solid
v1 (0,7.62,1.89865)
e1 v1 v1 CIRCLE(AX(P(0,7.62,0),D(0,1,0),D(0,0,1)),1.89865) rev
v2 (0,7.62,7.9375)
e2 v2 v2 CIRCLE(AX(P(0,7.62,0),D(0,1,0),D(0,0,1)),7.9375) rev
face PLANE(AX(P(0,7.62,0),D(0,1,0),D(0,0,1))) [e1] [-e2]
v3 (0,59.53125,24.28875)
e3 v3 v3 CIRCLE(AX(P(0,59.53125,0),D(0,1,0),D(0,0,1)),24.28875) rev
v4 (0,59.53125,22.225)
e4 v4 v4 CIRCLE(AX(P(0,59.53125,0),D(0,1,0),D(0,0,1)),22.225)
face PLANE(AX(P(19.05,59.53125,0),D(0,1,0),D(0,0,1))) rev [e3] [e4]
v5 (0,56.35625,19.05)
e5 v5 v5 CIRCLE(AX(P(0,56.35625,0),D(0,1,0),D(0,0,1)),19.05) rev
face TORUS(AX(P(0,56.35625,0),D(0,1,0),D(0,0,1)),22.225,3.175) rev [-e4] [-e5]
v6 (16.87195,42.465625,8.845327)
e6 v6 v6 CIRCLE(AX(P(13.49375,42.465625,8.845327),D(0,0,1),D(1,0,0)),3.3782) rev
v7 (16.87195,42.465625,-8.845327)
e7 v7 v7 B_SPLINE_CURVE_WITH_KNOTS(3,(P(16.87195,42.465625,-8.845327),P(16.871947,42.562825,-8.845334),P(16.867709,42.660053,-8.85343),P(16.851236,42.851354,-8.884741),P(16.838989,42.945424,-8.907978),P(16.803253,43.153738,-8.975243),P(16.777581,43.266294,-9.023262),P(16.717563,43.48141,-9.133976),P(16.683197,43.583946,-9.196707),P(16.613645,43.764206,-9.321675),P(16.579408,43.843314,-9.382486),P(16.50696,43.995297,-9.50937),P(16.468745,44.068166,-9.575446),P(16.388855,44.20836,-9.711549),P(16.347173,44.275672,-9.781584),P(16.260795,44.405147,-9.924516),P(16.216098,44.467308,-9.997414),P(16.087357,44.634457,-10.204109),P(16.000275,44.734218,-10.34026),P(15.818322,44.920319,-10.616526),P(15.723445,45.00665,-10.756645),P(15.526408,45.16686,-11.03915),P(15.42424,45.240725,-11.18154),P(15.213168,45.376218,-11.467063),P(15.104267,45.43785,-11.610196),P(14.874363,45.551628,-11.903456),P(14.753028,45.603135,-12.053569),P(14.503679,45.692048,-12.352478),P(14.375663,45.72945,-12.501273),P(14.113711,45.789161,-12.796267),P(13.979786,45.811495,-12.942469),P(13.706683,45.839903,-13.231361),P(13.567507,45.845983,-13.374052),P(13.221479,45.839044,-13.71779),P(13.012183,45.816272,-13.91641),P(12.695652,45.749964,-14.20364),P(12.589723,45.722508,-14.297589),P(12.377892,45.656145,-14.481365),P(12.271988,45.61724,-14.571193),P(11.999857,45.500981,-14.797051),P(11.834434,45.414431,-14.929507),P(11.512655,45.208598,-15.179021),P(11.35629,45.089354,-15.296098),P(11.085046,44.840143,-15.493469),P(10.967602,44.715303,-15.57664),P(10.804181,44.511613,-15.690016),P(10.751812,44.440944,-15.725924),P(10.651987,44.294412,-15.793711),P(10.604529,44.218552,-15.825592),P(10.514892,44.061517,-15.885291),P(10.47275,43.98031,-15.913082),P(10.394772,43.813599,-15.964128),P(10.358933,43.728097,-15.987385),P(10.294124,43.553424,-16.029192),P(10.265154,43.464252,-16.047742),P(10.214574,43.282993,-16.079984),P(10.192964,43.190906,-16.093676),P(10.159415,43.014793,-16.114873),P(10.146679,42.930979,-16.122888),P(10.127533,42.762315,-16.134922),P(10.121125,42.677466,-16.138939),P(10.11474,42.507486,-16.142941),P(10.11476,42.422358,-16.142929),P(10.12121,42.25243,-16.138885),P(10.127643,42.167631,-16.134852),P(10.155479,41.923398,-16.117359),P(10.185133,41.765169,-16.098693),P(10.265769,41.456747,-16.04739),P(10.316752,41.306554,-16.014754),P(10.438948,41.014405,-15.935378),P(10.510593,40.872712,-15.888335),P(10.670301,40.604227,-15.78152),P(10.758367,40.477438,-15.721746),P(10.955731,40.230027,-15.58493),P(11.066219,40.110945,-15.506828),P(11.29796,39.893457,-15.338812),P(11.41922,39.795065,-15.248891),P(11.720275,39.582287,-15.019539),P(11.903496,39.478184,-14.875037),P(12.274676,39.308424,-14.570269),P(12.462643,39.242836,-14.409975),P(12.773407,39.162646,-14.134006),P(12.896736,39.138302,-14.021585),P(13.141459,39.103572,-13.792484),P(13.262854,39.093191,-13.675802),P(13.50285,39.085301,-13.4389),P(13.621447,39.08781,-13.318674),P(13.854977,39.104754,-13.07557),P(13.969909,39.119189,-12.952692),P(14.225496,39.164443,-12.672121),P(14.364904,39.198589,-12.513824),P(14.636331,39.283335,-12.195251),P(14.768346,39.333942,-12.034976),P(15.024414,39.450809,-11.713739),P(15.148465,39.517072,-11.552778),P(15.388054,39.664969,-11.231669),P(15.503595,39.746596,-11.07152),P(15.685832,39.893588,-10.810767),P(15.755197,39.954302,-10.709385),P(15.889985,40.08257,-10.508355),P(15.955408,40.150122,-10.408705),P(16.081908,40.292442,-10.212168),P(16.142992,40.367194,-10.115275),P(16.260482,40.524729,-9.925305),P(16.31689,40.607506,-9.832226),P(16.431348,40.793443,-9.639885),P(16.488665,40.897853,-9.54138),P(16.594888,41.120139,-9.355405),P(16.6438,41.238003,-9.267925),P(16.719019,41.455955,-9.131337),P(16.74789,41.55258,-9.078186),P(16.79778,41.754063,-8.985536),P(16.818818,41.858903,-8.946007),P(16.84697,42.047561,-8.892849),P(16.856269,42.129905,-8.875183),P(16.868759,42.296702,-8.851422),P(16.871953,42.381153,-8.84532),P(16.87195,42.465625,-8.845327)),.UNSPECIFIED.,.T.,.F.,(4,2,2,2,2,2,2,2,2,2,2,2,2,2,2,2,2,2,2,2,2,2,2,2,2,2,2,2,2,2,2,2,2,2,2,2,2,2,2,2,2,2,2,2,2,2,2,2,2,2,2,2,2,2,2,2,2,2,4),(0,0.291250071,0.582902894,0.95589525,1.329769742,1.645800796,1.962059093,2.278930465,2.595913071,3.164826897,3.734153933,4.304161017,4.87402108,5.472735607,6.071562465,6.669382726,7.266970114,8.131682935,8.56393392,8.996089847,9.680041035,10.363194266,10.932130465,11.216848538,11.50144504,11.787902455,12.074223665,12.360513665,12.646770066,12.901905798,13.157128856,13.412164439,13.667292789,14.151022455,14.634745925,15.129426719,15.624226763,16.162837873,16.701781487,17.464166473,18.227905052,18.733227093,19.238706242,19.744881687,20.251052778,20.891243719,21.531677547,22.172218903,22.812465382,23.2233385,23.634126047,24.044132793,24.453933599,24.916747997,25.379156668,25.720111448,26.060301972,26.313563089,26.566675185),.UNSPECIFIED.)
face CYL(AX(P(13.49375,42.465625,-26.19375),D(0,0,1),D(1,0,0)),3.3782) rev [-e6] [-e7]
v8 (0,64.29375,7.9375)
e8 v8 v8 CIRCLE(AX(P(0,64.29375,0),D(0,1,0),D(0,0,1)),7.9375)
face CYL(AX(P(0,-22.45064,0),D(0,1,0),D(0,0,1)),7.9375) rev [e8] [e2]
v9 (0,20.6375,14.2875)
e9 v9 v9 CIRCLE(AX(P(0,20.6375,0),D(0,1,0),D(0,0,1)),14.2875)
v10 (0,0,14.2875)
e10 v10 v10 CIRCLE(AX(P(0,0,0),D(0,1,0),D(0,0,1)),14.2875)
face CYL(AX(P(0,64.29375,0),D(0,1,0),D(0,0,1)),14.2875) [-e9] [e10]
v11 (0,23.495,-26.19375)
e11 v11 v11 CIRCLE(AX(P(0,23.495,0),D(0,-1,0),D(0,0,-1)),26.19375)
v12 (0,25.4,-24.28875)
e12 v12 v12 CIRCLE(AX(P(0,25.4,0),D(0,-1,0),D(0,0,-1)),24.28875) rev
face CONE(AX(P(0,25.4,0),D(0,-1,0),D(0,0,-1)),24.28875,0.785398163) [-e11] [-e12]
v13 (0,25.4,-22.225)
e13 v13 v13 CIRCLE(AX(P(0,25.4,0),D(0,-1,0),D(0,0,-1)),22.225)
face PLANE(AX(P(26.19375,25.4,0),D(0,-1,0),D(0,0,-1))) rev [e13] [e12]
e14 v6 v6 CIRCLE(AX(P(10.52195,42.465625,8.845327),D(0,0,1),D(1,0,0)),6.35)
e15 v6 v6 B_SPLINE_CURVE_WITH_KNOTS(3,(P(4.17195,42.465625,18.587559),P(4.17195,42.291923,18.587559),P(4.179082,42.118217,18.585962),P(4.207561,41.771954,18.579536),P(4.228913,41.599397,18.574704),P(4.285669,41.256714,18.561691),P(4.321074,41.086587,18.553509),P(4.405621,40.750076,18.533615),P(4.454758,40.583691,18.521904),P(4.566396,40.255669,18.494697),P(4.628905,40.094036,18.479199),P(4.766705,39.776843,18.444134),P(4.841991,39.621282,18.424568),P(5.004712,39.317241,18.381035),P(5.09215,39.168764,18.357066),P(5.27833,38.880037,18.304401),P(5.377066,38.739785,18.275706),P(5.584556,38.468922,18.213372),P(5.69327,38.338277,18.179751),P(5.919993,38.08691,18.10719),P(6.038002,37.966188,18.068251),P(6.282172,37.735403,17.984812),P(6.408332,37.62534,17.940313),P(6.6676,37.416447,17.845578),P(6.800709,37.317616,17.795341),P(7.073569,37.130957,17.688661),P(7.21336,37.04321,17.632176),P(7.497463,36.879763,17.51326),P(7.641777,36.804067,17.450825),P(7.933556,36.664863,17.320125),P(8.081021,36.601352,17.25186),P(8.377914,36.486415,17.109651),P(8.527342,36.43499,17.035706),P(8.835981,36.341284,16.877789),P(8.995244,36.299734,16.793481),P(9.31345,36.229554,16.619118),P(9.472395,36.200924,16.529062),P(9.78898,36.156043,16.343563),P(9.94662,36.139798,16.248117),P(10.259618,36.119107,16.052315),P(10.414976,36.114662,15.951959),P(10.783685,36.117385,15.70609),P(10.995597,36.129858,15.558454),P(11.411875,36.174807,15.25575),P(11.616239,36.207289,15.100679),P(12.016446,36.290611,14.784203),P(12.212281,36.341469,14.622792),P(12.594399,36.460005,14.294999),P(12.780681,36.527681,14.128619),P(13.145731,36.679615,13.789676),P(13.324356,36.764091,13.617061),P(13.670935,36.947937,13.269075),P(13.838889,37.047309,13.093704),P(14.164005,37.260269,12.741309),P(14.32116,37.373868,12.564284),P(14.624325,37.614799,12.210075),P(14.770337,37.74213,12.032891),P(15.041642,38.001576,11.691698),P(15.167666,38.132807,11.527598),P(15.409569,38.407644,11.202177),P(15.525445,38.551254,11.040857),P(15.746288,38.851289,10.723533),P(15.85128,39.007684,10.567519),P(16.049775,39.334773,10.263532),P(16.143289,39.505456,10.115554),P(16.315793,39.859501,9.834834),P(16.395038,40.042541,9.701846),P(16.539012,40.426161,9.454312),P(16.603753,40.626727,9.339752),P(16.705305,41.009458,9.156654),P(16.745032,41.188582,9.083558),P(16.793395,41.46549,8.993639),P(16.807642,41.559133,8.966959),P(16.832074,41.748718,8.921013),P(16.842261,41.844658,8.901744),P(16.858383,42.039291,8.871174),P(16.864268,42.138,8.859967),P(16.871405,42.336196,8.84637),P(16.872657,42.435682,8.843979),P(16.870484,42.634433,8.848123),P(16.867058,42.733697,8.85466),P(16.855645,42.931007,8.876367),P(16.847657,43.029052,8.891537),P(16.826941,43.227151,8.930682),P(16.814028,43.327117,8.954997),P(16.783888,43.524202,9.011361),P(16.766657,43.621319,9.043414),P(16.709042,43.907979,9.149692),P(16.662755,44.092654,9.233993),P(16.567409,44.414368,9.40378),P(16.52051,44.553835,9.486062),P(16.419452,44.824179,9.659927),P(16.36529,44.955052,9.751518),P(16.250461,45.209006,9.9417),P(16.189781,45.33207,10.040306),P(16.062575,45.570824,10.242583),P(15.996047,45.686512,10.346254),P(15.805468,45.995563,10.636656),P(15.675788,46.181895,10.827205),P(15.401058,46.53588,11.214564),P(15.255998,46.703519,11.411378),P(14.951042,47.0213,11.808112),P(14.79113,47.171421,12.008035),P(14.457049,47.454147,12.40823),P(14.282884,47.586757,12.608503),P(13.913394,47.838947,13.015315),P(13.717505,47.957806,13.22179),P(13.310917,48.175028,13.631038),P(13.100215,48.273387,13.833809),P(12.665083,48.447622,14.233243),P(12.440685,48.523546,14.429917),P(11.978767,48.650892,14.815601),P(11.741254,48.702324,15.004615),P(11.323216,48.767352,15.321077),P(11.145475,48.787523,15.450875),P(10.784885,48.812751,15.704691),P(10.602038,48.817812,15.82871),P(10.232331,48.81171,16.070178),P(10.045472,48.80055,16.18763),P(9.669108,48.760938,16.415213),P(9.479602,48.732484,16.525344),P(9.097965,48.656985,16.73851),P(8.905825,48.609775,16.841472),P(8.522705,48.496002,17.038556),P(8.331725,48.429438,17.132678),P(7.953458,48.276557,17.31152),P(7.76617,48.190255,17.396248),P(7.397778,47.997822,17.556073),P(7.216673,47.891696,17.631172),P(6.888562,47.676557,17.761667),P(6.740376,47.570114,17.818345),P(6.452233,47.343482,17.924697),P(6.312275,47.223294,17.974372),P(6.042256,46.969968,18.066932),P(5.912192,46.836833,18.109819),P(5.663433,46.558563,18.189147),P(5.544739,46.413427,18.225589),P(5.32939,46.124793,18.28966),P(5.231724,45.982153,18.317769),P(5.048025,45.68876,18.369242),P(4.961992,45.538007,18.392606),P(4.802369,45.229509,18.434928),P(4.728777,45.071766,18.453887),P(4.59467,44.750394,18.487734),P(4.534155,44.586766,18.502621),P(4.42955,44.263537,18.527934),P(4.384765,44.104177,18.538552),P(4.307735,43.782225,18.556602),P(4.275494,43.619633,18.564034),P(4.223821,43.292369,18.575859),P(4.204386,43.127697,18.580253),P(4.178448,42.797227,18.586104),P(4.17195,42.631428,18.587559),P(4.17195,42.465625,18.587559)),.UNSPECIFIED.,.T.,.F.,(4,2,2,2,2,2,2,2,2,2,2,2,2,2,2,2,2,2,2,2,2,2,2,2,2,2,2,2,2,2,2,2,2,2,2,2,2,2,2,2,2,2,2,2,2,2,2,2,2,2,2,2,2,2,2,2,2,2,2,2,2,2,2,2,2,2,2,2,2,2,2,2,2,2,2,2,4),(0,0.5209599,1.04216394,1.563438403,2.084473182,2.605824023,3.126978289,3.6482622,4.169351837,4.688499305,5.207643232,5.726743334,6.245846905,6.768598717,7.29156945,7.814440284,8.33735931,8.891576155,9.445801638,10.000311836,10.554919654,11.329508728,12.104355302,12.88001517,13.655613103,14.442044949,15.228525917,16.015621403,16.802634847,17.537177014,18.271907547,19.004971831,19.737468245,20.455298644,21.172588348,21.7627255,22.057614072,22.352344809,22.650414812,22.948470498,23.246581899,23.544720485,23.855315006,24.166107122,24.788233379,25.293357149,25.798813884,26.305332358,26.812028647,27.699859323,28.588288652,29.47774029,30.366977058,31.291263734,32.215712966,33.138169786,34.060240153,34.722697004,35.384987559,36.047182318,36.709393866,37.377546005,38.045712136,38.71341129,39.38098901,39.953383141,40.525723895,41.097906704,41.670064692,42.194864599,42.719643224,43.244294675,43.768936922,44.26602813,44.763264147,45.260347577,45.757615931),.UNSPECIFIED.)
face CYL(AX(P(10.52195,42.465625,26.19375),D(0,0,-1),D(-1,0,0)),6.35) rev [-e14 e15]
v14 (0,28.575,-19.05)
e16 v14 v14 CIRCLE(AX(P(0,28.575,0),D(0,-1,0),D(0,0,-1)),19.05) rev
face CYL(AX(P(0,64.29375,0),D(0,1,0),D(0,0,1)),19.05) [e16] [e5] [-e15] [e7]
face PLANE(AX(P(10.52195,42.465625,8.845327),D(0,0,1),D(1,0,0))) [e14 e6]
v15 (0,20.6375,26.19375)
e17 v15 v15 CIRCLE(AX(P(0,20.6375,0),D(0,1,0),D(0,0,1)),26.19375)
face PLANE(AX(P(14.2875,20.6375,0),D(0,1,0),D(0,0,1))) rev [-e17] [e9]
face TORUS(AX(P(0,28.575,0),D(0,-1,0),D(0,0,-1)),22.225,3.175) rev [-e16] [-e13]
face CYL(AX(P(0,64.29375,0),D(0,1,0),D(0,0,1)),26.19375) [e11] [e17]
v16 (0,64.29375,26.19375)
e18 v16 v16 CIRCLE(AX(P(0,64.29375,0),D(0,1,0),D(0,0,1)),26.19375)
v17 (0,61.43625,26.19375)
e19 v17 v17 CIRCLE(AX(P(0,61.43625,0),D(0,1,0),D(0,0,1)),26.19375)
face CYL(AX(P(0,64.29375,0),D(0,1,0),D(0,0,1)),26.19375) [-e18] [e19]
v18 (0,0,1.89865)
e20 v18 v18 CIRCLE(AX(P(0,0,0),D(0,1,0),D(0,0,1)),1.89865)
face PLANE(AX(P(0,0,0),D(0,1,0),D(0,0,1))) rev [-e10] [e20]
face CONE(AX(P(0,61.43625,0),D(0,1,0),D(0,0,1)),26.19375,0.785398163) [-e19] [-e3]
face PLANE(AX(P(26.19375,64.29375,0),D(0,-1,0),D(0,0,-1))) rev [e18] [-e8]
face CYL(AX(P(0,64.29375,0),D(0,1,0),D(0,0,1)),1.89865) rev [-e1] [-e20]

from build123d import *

# Parameters (mm, degrees)
F_10_24_TAPPED_HOLE1_D  = 3.7973
CHAMFER1_SIZE           = 1.905
FILLET1_R               = 3.175
SKETCH5_R               = 7.9375
CUT_EXTRUDE2_DEPTH      = 56.67375
SKETCH6_R               = 3.3782
CUT_EXTRUDE3_DEPTH      = 27.19375
CUT_EXTRUDE3_DEPTH_BACK = 27.19375
CUT_EXTRUDE4_START      = 8.845327
SKETCH7_R               = 6.35
CUT_EXTRUDE4_DEPTH      = 18.348423


with BuildPart() as part:
    # Sketch1 → Revolve1 (revolve)
    with BuildSketch(Plane.XY):
        Polygon((0, 0), (14.2875, 0), (14.2875, 20.6375), (26.19375, 20.6375), (26.19375, 25.4), (19.05, 25.4), (19.05, 59.53125), (26.19375, 59.53125), (26.19375, 64.29375), (0, 64.29375), align=None)
    revolve(axis=Axis((0, 64.29375, 0), (0, -1, 0)))

    # #10-24 Tapped Hole1 (through all)
    with Locations(Plane(origin=(0, 64.29375, 0), x_dir=(1, 0, 0), z_dir=(0, 1, 0))):
        with Locations((0, 0)):
            Hole(F_10_24_TAPPED_HOLE1_D / 2)

    # Chamfer1
    chamfer1_edges = [part.edges().sort_by_distance(p)[0] for p in [
        (-26.19375, 59.53125, 0),
        (-26.19375, 25.4, 0),
    ]]
    chamfer(chamfer1_edges, length=CHAMFER1_SIZE)

    # Fillet1
    fillet1_edges = [part.edges().sort_by_distance(p)[0] for p in [
        (-19.05, 59.53125, 0),
        (-19.05, 25.4, 0),
    ]]
    fillet(fillet1_edges, radius=FILLET1_R)

    # Sketch5 → Cut-Extrude2 (cut)
    with BuildSketch(Plane(origin=(0, 64.29375, 0), x_dir=(1, 0, 0), z_dir=(0, 1, 0))):
        Circle(SKETCH5_R)
    extrude(amount=-CUT_EXTRUDE2_DEPTH, mode=Mode.SUBTRACT)

    # Sketch6 → Cut-Extrude3 (cut, two sides)
    with BuildSketch(Plane.XY) as cut_extrude3_sk:
        with Locations((13.49375, 42.465625)):
            Circle(SKETCH6_R)
    extrude(amount=CUT_EXTRUDE3_DEPTH, mode=Mode.SUBTRACT)
    extrude(cut_extrude3_sk.sketch, amount=-CUT_EXTRUDE3_DEPTH_BACK, mode=Mode.SUBTRACT)

    # Sketch7 → Cut-Extrude4 (cut, through all)
    with BuildSketch(Plane.XY.offset(CUT_EXTRUDE4_START)):
        with Locations((10.52195, 42.465625)):
            Circle(SKETCH7_R)
    extrude(amount=CUT_EXTRUDE4_DEPTH, mode=Mode.SUBTRACT)


solid = part.part
